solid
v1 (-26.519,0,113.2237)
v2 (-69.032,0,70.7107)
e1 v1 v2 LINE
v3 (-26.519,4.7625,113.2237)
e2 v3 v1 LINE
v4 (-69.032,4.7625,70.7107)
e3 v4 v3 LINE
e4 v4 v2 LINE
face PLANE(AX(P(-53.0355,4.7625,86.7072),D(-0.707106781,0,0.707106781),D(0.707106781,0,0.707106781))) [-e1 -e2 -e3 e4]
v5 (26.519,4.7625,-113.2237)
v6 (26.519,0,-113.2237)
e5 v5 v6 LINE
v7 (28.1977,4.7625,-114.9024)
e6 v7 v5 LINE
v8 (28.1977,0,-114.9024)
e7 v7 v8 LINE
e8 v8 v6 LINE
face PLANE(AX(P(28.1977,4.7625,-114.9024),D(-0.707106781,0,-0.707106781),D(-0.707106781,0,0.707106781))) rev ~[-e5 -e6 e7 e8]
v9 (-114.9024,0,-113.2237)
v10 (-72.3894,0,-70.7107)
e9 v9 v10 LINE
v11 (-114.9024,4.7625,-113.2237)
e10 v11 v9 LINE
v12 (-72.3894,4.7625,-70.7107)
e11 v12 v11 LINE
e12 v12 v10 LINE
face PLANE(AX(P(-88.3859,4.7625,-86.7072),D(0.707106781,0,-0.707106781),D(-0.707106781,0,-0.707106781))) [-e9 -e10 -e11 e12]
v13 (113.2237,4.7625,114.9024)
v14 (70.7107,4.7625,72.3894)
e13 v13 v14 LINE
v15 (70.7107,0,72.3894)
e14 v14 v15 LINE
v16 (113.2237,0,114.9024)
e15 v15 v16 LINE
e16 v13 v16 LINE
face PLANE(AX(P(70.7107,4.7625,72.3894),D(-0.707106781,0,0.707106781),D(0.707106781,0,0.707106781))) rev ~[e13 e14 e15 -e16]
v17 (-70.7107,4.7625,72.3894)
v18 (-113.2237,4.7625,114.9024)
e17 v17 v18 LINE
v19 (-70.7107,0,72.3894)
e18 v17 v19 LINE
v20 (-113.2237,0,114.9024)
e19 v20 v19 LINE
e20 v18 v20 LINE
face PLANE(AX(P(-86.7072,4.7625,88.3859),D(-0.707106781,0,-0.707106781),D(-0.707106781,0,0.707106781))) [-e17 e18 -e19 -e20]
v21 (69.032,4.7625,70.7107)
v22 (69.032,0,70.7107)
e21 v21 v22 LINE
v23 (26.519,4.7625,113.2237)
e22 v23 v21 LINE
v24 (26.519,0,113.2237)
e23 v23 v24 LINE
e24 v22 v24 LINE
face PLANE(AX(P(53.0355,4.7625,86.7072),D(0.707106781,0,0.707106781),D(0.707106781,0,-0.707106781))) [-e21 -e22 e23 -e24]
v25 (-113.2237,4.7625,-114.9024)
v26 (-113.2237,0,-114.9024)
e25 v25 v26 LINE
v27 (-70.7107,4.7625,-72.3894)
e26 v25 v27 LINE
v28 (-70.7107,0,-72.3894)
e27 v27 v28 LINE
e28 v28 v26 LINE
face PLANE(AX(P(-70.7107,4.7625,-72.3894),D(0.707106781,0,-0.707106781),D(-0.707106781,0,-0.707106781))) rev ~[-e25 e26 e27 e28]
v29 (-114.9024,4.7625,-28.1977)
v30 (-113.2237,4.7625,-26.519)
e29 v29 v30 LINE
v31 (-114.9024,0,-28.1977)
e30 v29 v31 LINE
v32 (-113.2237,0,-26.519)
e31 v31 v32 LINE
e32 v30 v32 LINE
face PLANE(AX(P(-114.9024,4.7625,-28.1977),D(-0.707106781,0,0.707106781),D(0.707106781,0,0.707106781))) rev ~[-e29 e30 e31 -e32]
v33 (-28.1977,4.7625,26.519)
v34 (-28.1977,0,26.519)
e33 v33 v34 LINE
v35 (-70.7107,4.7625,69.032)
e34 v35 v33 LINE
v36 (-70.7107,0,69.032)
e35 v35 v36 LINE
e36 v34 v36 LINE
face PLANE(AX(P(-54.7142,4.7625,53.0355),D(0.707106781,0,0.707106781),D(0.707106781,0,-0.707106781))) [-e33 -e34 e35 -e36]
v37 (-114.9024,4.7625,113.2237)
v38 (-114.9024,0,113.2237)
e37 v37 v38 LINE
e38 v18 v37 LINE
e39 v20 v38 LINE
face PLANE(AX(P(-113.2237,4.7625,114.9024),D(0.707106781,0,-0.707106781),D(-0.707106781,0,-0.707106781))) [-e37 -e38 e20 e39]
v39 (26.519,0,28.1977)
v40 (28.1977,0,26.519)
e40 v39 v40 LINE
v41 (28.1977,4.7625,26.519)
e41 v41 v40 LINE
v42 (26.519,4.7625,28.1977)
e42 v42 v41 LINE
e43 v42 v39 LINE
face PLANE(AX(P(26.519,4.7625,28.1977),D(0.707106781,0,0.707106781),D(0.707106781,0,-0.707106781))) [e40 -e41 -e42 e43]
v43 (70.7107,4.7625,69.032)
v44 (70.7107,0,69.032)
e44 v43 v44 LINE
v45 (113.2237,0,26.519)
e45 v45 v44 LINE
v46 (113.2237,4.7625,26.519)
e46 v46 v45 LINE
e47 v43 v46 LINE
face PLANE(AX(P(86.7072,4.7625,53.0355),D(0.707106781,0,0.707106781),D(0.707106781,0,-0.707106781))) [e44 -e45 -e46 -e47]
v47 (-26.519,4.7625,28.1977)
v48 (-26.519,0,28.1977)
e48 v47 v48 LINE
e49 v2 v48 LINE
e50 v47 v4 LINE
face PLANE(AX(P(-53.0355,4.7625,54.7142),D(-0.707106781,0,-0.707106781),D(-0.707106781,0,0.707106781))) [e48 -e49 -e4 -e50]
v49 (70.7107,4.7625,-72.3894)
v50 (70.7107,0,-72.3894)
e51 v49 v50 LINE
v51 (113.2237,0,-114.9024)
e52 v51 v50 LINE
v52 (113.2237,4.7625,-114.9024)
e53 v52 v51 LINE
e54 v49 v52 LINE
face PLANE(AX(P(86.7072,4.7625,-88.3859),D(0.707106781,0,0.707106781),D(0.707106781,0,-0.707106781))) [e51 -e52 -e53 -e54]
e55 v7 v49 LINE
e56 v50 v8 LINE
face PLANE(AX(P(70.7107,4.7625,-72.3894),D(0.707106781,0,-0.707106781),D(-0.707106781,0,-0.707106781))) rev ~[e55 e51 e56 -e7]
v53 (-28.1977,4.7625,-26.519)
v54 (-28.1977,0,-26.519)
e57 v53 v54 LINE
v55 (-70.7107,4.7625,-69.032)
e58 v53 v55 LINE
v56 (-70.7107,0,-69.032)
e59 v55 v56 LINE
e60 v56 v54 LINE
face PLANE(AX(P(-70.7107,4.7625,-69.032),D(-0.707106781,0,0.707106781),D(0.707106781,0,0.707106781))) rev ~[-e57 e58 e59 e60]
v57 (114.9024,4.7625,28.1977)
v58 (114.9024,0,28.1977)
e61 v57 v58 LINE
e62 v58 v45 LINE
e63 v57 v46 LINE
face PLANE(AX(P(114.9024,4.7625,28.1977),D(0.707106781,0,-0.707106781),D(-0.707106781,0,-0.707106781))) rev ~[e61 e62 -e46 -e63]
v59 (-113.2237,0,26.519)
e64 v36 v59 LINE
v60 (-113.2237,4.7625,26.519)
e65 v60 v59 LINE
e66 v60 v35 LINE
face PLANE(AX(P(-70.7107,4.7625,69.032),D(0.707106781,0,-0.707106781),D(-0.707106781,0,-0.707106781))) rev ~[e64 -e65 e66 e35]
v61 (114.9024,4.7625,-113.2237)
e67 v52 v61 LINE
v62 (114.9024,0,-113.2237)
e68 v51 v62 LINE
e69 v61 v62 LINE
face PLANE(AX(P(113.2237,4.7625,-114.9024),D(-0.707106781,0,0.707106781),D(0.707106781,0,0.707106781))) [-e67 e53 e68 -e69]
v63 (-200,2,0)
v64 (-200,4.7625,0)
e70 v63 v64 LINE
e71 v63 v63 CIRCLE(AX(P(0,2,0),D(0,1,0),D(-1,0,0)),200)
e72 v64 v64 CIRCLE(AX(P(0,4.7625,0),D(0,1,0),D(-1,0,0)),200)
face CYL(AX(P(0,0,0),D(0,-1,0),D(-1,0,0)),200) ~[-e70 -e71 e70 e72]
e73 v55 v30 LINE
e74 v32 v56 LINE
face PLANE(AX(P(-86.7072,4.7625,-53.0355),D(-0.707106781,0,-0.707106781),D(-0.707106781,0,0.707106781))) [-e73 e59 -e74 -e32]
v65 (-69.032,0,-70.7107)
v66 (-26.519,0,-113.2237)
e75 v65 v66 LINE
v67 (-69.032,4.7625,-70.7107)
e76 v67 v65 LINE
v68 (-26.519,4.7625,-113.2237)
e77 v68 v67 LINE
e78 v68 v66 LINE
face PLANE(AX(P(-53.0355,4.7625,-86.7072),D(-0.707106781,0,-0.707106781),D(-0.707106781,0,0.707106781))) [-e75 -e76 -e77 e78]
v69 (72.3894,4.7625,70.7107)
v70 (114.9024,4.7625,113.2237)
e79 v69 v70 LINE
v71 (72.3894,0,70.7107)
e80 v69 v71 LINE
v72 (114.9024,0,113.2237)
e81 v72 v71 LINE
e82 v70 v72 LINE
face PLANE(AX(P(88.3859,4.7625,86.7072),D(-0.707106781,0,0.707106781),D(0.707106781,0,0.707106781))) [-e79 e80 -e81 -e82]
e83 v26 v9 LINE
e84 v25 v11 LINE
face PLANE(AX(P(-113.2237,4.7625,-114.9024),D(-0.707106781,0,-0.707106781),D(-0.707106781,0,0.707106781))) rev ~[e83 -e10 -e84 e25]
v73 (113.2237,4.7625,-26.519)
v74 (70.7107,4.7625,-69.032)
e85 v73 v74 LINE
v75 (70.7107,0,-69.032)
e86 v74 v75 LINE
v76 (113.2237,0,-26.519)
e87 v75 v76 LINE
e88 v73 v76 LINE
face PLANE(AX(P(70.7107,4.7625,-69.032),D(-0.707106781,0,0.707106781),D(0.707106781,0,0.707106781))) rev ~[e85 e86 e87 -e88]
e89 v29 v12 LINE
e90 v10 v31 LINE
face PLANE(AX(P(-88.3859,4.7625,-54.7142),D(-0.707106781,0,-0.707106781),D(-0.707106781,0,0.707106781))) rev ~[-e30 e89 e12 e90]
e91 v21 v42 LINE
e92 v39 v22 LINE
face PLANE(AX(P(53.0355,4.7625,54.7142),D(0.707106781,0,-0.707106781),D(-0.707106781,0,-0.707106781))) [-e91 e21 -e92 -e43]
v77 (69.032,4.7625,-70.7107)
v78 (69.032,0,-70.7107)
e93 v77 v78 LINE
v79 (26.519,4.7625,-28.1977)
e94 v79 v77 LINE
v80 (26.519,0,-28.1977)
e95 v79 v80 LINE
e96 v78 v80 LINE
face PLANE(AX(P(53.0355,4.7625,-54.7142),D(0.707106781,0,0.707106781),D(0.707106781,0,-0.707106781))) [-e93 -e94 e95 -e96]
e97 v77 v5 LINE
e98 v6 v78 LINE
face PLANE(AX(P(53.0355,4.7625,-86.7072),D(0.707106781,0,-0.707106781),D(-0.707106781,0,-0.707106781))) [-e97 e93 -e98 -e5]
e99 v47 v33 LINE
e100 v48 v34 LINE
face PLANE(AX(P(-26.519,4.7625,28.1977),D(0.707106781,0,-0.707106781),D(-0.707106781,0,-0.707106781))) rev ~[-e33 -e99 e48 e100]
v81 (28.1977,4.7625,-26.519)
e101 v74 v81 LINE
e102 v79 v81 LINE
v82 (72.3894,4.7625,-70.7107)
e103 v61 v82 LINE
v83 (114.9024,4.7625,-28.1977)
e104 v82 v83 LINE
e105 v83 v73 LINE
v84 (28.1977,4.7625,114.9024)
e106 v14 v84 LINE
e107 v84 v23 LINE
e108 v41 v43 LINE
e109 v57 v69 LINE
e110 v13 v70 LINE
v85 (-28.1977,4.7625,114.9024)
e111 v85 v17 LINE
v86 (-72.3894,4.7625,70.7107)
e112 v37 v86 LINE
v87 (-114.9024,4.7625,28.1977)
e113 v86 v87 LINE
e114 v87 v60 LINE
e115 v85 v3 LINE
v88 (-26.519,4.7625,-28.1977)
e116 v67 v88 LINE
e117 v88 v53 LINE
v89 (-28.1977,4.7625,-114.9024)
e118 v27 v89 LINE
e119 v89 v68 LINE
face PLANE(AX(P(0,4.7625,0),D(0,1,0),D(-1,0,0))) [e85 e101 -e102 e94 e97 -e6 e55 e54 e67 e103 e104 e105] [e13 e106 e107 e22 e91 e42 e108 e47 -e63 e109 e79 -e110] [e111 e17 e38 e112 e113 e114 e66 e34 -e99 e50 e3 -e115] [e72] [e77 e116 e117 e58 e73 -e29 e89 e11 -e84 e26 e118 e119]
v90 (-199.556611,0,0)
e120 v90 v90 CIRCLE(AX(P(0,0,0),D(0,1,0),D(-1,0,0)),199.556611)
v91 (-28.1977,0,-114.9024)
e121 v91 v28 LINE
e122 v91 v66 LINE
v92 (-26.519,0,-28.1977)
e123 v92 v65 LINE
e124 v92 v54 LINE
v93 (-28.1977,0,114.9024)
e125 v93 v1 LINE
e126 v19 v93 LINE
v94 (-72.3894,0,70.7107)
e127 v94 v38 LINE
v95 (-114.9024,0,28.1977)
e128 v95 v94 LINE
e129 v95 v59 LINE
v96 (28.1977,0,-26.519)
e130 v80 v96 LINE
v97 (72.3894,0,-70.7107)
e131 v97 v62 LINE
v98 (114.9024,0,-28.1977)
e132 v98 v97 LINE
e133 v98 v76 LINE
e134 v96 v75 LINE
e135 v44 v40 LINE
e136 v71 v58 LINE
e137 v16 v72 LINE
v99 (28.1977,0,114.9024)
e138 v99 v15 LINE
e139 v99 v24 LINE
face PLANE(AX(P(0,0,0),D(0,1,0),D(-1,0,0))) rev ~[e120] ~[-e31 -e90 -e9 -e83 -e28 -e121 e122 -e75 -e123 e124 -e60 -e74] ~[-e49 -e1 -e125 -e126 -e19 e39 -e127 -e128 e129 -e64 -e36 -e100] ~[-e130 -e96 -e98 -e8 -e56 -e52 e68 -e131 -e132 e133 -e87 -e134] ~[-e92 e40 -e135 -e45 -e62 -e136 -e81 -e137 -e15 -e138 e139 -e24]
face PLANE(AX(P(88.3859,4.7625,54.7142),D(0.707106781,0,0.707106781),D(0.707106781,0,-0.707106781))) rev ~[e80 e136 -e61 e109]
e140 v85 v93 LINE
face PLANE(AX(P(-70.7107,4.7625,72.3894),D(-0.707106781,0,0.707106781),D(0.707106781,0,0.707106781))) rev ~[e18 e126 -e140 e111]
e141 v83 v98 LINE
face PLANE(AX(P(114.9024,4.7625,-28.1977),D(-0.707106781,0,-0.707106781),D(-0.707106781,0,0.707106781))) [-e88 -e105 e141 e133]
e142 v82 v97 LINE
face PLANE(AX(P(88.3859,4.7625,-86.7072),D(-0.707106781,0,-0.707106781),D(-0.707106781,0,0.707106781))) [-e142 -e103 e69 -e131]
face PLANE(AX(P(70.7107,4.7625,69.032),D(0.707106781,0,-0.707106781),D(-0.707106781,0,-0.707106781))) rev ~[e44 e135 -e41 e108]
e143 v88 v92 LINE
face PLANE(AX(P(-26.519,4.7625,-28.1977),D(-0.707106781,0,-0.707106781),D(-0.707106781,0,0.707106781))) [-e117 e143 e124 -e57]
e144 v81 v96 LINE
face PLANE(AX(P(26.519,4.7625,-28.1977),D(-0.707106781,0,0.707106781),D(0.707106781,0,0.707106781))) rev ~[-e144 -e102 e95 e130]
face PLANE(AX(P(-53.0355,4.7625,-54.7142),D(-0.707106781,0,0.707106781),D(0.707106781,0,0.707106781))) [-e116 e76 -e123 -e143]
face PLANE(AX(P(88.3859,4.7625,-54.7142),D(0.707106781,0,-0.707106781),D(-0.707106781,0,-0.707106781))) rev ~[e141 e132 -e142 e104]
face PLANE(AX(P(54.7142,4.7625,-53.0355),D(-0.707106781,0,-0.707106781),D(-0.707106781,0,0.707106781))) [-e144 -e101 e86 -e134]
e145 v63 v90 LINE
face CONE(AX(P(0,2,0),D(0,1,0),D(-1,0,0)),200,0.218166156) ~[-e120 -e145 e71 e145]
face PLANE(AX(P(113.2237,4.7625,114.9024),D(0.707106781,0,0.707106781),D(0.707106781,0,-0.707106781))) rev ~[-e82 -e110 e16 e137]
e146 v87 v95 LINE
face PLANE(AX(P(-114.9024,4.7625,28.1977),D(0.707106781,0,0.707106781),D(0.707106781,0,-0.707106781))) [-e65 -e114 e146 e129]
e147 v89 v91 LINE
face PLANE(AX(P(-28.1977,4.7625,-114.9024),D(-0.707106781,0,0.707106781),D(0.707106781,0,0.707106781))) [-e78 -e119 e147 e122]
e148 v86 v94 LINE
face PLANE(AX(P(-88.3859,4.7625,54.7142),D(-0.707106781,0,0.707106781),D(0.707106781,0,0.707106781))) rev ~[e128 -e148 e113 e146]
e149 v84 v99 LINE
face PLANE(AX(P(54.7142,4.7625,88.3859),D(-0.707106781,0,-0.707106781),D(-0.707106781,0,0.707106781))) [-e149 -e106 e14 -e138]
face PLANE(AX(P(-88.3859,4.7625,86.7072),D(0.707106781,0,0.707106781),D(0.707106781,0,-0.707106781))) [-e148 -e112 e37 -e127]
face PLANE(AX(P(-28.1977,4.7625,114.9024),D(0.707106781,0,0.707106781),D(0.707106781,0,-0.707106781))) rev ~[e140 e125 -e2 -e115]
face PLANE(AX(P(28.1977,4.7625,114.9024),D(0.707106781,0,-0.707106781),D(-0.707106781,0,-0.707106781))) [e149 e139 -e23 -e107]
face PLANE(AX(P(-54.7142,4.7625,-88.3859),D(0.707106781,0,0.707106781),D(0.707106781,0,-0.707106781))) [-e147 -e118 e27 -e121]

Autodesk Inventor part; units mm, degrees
ref_plane "YZ Plane" through (0, 0, 0) normal (1, 0, 0) x (0, 1, 0)
ref_plane "XZ Plane" through (0, 0, 0) normal (0, 1, 0) x (-1, 0, 0)
ref_plane "XY Plane" through (0, 0, 0) normal (0, 0, 1) x (1, 0, 0)
sketch "Sketch1" plane through (0, 0, 0) normal (0, 1, 0) x (-1, 0, 0)
  circle A0 centre (0, 0) radius 200
  dimension "d0" = 400
extrude "Extrusion1" add sketch "Sketch1" along normal blind 4.7625
chamfer "Chamfer1" distance 2 angle 12.5 1 edges at (200, 0, 0) measured on face at (94.1877, 1.5875, -176.4332)
sketch "Sketch2" plane through (0, 4.7625, 0) normal (0, 1, 0) x (1, 0, 0)
  line L0 (0, 0) -> (200, 0) construction
  line L1 (0, 0) -> (160, 0) construction
  line L2 (0, 0) -> (100, 0) construction
  line L3 (88.3859, -54.7142) -> (54.7142, -88.3859)
  line L4 (54.7142, -88.3859) -> (53.0355, -86.7072)
  line L5 (53.0355, -86.7072) -> (86.7072, -53.0355)
  line L6 (88.3859, -54.7142) -> (86.7072, -53.0355)
  line L7 (54.7142, -53.0355) -> (53.0355, -54.7142)
  line L8 (53.0355, -54.7142) -> (86.7072, -88.3859)
  line L9 (86.7072, -88.3859) -> (88.3859, -86.7072)
  line L10 (88.3859, -86.7072) -> (54.7142, -53.0355)
  circle A0 centre (0, 0) radius 200 projected
  line L11 (-88.3859, -54.7142) -> (-54.7142, -88.3859)
  line L12 (-54.7142, -88.3859) -> (-53.0355, -86.7072)
  line L13 (-53.0355, -86.7072) -> (-86.7072, -53.0355)
  line L14 (-88.3859, -54.7142) -> (-86.7072, -53.0355)
  line L15 (-54.7142, -53.0355) -> (-53.0355, -54.7142)
  line L16 (-53.0355, -54.7142) -> (-86.7072, -88.3859)
  line L17 (-86.7072, -88.3859) -> (-88.3859, -86.7072)
  line L18 (-88.3859, -86.7072) -> (-54.7142, -53.0355)
  line L19 (88.3859, 54.7142) -> (54.7142, 88.3859)
  line L20 (54.7142, 88.3859) -> (53.0355, 86.7072)
  line L21 (53.0355, 86.7072) -> (86.7072, 53.0355)
  line L22 (88.3859, 54.7142) -> (86.7072, 53.0355)
  line L23 (54.7142, 53.0355) -> (53.0355, 54.7142)
  line L24 (53.0355, 54.7142) -> (86.7072, 88.3859)
  line L25 (86.7072, 88.3859) -> (88.3859, 86.7072)
  line L26 (88.3859, 86.7072) -> (54.7142, 53.0355)
  line L27 (-88.3859, 54.7142) -> (-54.7142, 88.3859)
  line L28 (-54.7142, 88.3859) -> (-53.0355, 86.7072)
  line L29 (-53.0355, 86.7072) -> (-86.7072, 53.0355)
  line L30 (-53.0355, 54.7142) -> (-86.7072, 88.3859)
  line L31 (-88.3859, 86.7072) -> (-54.7142, 53.0355)
  line L32 (-86.7072, 88.3859) -> (-88.3859, 86.7072)
  line L33 (-88.3859, 54.7142) -> (-86.7072, 53.0355)
  line L34 (-54.7142, 53.0355) -> (-53.0355, 54.7142)
  point P0 (69.032, 70.7107)
  point P1 (70.7107, 69.032)
  point P2 (72.3893, 70.7107)
  point P3 (70.7107, 72.3893)
  point P4 (-69.032, 70.7107)
  point P5 (-70.7107, 72.3893)
  point P6 (-72.3893, 70.7107)
  point P7 (-70.7107, 69.032)
  point P8 (-72.3893, -70.7107)
  point P9 (-70.7107, -72.3893)
  point P10 (-69.032, -70.7107)
  point P11 (-70.7107, -69.032)
  point P12 (72.3893, -70.7107)
  point P13 (70.7107, -69.032)
  point P14 (69.032, -70.7107)
  point P15 (70.7107, -72.3893)
  dimension "d16" = 2.374
  dimension "d20" = 47.619
extrude "Extrusion2" cut sketch "Sketch2" against normal blind 10 contours L3 L10 L5 L6 | L10 L9 L8 L3 | L3 L8 L5 L10 | L3 L4 L5 L8 | L5 L8 L7 L10 | L14 L13 L18 L11 | L18 L13 L16 L11 | L11 L16 L17 L18 | L16 L13 L12 L11 | L18 L15 L16 L13 | L22 L21 L26 L19 | L26 L21 L24 L19 | L19 L24 L25 L26 | L24 L21 L20 L19 | L26 L23 L24 L21 | L27 L31 L29 L33 | L31 L32 L30 L27 | L27 L30 L29 L31 | L27 L28 L29 L30 | L29 L30 L34 L31
sketch "Sketch3" plane through (0, 4.7625, 0) normal (0, 1, 0) x (1, 0, 0)
  line L0 (-54.7142, 53.0355) -> (-28.1977, 26.519)
  line L1 (-53.0355, 54.7142) -> (-26.519, 28.1977)
  line L2 (-26.519, 28.1977) -> (-28.1977, 26.519)
  line L3 (-53.0355, 54.7142) -> (-54.7142, 53.0355)
  line L4 (-88.3859, 86.7072) -> (-114.9024, 113.2237)
  line L5 (-86.7072, 88.3859) -> (-113.2237, 114.9024)
  line L6 (-113.2237, 114.9024) -> (-114.9024, 113.2237)
  line L7 (-86.7072, 88.3859) -> (-88.3859, 86.7072)
  line L8 (-54.7142, 88.3859) -> (-53.0355, 86.7072)
  line L9 (-53.0355, 86.7072) -> (-26.519, 113.2237)
  line L10 (-54.7142, 88.3859) -> (-28.1977, 114.9024)
  line L11 (-28.1977, 114.9024) -> (-26.519, 113.2237)
  line L12 (-88.3859, 54.7142) -> (-86.7072, 53.0355)
  line L13 (-86.7072, 53.0355) -> (-113.2237, 26.519)
  line L14 (-88.3859, 54.7142) -> (-114.9024, 28.1977)
  line L15 (-114.9024, 28.1977) -> (-113.2237, 26.519)
  circle A0 centre (0, 0) radius 200 projected
  line L16 (-54.7142, -53.0355) -> (-28.1977, -26.519)
  line L17 (-53.0355, -54.7142) -> (-26.519, -28.1977)
  line L18 (-26.519, -28.1977) -> (-28.1977, -26.519)
  line L19 (-53.0355, -54.7142) -> (-54.7142, -53.0355)
  line L20 (-86.7072, -88.3859) -> (-113.2237, -114.9024)
  line L21 (-86.7072, -88.3859) -> (-88.3859, -86.7072)
  line L22 (-88.3859, -86.7072) -> (-114.9024, -113.2237)
  line L23 (-113.2237, -114.9024) -> (-114.9024, -113.2237)
  line L24 (-54.7142, -88.3859) -> (-53.0355, -86.7072)
  line L25 (-53.0355, -86.7072) -> (-26.519, -113.2237)
  line L26 (-54.7142, -88.3859) -> (-28.1977, -114.9024)
  line L27 (-28.1977, -114.9024) -> (-26.519, -113.2237)
  line L28 (-114.9024, -28.1977) -> (-113.2237, -26.519)
  line L29 (-88.3859, -54.7142) -> (-114.9024, -28.1977)
  line L30 (-86.7072, -53.0355) -> (-113.2237, -26.519)
  line L31 (-88.3859, -54.7142) -> (-86.7072, -53.0355)
  line L32 (54.7142, 53.0355) -> (28.1977, 26.519)
  line L33 (53.0355, 54.7142) -> (26.519, 28.1977)
  line L34 (26.519, 28.1977) -> (28.1977, 26.519)
  line L35 (53.0355, 54.7142) -> (54.7142, 53.0355)
  line L36 (86.7072, 88.3859) -> (113.2237, 114.9024)
  line L37 (86.7072, 88.3859) -> (88.3859, 86.7072)
  line L38 (88.3859, 86.7072) -> (114.9024, 113.2237)
  line L39 (113.2237, 114.9024) -> (114.9024, 113.2237)
  line L40 (54.7142, 88.3859) -> (53.0355, 86.7072)
  line L41 (53.0355, 86.7072) -> (26.519, 113.2237)
  line L42 (54.7142, 88.3859) -> (28.1977, 114.9024)
  line L43 (28.1977, 114.9024) -> (26.519, 113.2237)
  line L44 (114.9024, 28.1977) -> (113.2237, 26.519)
  line L45 (88.3859, 54.7142) -> (114.9024, 28.1977)
  line L46 (86.7072, 53.0355) -> (113.2237, 26.519)
  line L47 (88.3859, 54.7142) -> (86.7072, 53.0355)
  line L48 (54.7142, -88.3859) -> (28.1977, -114.9024)
  line L49 (53.0355, -86.7072) -> (26.519, -113.2237)
  line L50 (54.7142, -88.3859) -> (53.0355, -86.7072)
  line L51 (28.1977, -114.9024) -> (26.519, -113.2237)
  line L52 (53.0355, -54.7142) -> (54.7142, -53.0355)
  line L53 (53.0355, -54.7142) -> (26.519, -28.1977)
  line L54 (54.7142, -53.0355) -> (28.1977, -26.519)
  line L55 (26.519, -28.1977) -> (28.1977, -26.519)
  line L56 (88.3859, -54.7142) -> (86.7072, -53.0355)
  line L57 (88.3859, -54.7142) -> (114.9024, -28.1977)
  line L58 (86.7072, -53.0355) -> (113.2237, -26.519)
  line L59 (114.9024, -28.1977) -> (113.2237, -26.519)
  line L60 (88.3859, -86.7072) -> (114.9024, -113.2237)
  line L61 (86.7072, -88.3859) -> (113.2237, -114.9024)
  line L62 (113.2237, -114.9024) -> (114.9024, -113.2237)
  line L63 (86.7072, -88.3859) -> (88.3859, -86.7072)
extrude "Extrusion3" cut sketch "Sketch3" against normal blind 10 contours L3 L1 L2 L0 | L4 L6 L5 L7 | L10 L11 L9 L8 | L12 L13 L15 L14 | L16 L18 L17 L19 | L20 L23 L22 L21 | L24 L25 L27 L26 | L28 L30 L31 L29 | L32 L34 L33 L35 | L36 L39 L38 L37 | L40 L41 L43 L42 | L44 L46 L47 L45 | L48 L51 L49 L50 | L53 L55 L54 L52 | L56 L58 L59 L57 | L60 L62 L61 L63
properties part number "Sustainable Chair_V2 - Seat" material "Foam Board - V3"
